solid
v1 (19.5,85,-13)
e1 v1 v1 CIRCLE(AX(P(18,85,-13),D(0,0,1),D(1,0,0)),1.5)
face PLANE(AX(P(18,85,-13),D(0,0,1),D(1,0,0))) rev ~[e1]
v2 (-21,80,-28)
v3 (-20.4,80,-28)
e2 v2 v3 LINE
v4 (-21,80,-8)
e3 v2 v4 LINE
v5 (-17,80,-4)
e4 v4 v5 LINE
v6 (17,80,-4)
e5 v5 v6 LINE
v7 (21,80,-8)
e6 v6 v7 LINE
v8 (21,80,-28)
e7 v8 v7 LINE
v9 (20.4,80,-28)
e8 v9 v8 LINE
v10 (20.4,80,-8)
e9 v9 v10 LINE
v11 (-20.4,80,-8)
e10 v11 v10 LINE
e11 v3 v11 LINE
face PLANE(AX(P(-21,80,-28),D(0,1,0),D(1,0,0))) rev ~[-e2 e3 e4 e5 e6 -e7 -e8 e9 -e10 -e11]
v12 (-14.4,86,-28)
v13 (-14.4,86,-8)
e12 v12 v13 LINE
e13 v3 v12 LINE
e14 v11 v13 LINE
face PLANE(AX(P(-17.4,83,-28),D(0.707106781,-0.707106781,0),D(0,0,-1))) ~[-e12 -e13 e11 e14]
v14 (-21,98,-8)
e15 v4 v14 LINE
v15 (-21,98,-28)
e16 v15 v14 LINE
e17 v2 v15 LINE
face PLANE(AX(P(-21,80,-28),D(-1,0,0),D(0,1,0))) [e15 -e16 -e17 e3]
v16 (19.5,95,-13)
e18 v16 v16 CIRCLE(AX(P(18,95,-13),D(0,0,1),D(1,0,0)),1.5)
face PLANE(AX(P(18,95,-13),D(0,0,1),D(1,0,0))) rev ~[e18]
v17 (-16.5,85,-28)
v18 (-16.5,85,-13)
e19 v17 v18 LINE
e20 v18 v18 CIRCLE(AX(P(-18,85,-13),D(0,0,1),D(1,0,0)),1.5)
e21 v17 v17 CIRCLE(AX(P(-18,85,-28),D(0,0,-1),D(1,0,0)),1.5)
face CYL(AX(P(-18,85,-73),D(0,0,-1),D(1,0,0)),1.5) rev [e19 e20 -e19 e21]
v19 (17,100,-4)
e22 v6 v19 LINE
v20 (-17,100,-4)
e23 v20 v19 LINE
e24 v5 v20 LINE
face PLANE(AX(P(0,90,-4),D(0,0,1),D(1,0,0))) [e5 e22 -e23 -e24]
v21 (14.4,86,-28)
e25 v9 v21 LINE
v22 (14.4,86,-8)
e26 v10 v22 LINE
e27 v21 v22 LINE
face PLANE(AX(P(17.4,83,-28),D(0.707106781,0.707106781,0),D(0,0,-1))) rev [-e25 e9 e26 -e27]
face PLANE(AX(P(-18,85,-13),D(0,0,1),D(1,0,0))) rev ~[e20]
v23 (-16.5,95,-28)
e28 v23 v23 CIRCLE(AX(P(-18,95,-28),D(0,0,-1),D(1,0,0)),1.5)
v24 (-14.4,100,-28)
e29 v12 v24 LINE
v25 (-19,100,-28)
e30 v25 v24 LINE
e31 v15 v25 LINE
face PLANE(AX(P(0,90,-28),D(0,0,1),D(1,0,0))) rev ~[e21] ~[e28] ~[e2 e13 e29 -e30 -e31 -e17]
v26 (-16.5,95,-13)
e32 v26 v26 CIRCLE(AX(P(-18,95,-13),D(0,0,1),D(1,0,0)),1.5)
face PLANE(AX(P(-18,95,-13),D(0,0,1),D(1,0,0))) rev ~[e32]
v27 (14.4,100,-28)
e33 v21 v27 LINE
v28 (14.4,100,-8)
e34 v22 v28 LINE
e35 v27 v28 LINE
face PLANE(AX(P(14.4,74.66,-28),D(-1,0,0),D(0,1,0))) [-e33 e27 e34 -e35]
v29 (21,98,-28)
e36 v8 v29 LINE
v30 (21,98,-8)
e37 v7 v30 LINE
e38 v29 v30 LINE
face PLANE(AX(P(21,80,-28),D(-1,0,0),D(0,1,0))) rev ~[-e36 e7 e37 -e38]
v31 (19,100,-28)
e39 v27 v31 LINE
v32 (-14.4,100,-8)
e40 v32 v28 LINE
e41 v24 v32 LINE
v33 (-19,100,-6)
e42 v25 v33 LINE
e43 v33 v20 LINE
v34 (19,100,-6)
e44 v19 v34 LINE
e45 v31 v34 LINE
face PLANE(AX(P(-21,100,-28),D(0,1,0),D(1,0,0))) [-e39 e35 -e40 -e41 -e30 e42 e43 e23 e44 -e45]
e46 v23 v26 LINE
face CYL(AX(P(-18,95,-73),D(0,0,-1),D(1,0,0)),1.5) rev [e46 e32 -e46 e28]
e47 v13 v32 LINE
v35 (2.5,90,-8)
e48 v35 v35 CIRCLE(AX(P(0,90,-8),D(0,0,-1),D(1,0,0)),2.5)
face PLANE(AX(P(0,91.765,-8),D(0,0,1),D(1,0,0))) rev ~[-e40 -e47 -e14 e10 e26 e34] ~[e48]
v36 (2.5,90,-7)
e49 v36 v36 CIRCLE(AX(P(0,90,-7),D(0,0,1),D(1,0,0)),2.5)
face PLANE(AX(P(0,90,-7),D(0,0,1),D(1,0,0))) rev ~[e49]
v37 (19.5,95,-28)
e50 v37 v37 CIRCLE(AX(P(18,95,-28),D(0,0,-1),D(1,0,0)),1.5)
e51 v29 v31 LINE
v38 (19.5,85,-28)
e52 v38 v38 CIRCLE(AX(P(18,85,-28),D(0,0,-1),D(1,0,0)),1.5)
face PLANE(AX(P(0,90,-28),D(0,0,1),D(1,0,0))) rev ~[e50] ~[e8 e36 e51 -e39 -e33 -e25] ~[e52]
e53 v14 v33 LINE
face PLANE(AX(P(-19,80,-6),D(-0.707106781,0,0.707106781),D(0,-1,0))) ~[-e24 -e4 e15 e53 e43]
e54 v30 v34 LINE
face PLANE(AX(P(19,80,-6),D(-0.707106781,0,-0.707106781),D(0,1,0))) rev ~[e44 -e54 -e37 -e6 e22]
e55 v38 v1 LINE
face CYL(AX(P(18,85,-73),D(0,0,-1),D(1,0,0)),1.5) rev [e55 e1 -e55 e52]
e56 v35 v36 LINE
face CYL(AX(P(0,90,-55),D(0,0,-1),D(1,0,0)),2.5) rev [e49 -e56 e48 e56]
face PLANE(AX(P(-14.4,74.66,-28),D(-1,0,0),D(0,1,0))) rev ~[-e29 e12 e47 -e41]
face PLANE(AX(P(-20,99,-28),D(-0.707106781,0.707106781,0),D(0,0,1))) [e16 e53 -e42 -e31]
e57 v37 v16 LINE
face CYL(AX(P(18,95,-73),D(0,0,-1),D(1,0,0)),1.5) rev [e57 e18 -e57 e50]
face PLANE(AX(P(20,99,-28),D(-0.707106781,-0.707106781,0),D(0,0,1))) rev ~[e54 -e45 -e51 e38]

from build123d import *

# Parameters (mm, degrees)
CYLINDER1709_R     = 1.5
CYLINDER1709_DEPTH = 60
CYLINDER1710_R     = 1.5
CYLINDER1710_DEPTH = 60
CYLINDER1702_R     = 1.5
CYLINDER1702_DEPTH = 60
CYLINDER1706_R     = 1.5
CYLINDER1706_DEPTH = 60
CYLINDER1703_R     = 2.5
CYLINDER1703_DEPTH = 48
BOX666_W           = 28.8
BOX666_H           = 34.21
BOX666_DEPTH       = 20
BOX665_W           = 42
BOX665_H           = 20
BOX665_DEPTH       = 24
CHAMFER053_SIZE    = 6
CHAMFER054_SIZE    = 4
CHAMFER056_SIZE    = 2


with BuildPart() as v_lec1709:
    # Cylinder1709 → Cylinder1709 (new body)
    with BuildSketch(Plane(origin=(18, 85, -57), x_dir=(1, 0, 0), z_dir=(0, 0, 1))):
        Circle(CYLINDER1709_R)
    extrude(amount=CYLINDER1709_DEPTH)


with BuildPart() as v_lec1710:
    # Cylinder1710 → Cylinder1710 (new body)
    with BuildSketch(Plane(origin=(-18, 85, -57), x_dir=(1, 0, 0), z_dir=(0, 0, 1))):
        Circle(CYLINDER1710_R)
    extrude(amount=CYLINDER1710_DEPTH)


with BuildPart() as v_lec1702:
    # Cylinder1702 → Cylinder1702 (new body)
    with BuildSketch(Plane(origin=(-18, 95, -57), x_dir=(1, 0, 0), z_dir=(0, 0, 1))):
        Circle(CYLINDER1702_R)
    extrude(amount=CYLINDER1702_DEPTH)


with BuildPart() as compound850:
    # Cylinder1706 → Cylinder1706 (new body)
    with BuildSketch(Plane(origin=(18, 95, -57), x_dir=(1, 0, 0), z_dir=(0, 0, 1))):
        Circle(CYLINDER1706_R)
    extrude(amount=CYLINDER1706_DEPTH)

    # Compound850: union Válec1709, Válec1710, Válec1702
    add(v_lec1709.part)
    add(v_lec1710.part)
    add(v_lec1702.part)


with BuildPart() as compound850_1:
    # Compound850 placement: moved
    add(compound850.part.moved(Location((0, 0, -16))))


with BuildPart() as v_lec1703:
    # Cylinder1703 → Cylinder1703 (new body)
    with BuildSketch(Plane(origin=(0, 90, -55), x_dir=(1, 0, 0), z_dir=(0, 0, 1))):
        Circle(CYLINDER1703_R)
    extrude(amount=CYLINDER1703_DEPTH)


with BuildPart() as compound846:
    # Box666 → Box666 (new body)
    with BuildSketch(Plane(origin=(-14.4, -15.34, 34), x_dir=(1, 0, 0), z_dir=(0, 0, 1))):
        with Locations((14.4, 17.105)):
            Rectangle(BOX666_W, BOX666_H)
    extrude(amount=BOX666_DEPTH)


with BuildPart() as compound846_1:
    # Compound846 placement: moved
    add(compound846.part.moved(Location((0, 90, -83))))


with BuildPart() as chamfer056:
    # Box665 → Box665 (new body)
    with BuildSketch(Plane(origin=(-21, 80, -49), x_dir=(1, 0, 0), z_dir=(0, 0, 1))):
        with Locations((21, 10)):
            Rectangle(BOX665_W, BOX665_H)
    extrude(amount=BOX665_DEPTH)

    # Cut354: cut Compound846
    add(compound846_1.part, mode=Mode.SUBTRACT)


with BuildPart() as chamfer056_1:
    # Cut354 placement: moved
    add(chamfer056.part.moved(Location((0, 0, 21))))

    # Cut352: cut Válec1703
    add(v_lec1703.part, mode=Mode.SUBTRACT)

    # Chamfer053
    chamfer053_edges = [chamfer056_1.edges().sort_by_distance(p)[0] for p in [
        (-14.4, 80, -18),
        (14.4, 80, -18),
    ]]
    chamfer(chamfer053_edges, length=CHAMFER053_SIZE)

    # Cut348: cut Compound850
    add(compound850_1.part, mode=Mode.SUBTRACT)

    # Chamfer054
    chamfer054_edges = [chamfer056_1.edges().sort_by_distance(p)[0] for p in [
        (-21, 90, -4),
        (21, 90, -4),
    ]]
    chamfer(chamfer054_edges, length=CHAMFER054_SIZE)

    # Chamfer056
    chamfer056_edges = [chamfer056_1.edges().sort_by_distance(p)[0] for p in [
        (-21, 100, -18),
        (21, 100, -18),
    ]]
    chamfer(chamfer056_edges, length=CHAMFER056_SIZE)


solid = chamfer056_1.part
